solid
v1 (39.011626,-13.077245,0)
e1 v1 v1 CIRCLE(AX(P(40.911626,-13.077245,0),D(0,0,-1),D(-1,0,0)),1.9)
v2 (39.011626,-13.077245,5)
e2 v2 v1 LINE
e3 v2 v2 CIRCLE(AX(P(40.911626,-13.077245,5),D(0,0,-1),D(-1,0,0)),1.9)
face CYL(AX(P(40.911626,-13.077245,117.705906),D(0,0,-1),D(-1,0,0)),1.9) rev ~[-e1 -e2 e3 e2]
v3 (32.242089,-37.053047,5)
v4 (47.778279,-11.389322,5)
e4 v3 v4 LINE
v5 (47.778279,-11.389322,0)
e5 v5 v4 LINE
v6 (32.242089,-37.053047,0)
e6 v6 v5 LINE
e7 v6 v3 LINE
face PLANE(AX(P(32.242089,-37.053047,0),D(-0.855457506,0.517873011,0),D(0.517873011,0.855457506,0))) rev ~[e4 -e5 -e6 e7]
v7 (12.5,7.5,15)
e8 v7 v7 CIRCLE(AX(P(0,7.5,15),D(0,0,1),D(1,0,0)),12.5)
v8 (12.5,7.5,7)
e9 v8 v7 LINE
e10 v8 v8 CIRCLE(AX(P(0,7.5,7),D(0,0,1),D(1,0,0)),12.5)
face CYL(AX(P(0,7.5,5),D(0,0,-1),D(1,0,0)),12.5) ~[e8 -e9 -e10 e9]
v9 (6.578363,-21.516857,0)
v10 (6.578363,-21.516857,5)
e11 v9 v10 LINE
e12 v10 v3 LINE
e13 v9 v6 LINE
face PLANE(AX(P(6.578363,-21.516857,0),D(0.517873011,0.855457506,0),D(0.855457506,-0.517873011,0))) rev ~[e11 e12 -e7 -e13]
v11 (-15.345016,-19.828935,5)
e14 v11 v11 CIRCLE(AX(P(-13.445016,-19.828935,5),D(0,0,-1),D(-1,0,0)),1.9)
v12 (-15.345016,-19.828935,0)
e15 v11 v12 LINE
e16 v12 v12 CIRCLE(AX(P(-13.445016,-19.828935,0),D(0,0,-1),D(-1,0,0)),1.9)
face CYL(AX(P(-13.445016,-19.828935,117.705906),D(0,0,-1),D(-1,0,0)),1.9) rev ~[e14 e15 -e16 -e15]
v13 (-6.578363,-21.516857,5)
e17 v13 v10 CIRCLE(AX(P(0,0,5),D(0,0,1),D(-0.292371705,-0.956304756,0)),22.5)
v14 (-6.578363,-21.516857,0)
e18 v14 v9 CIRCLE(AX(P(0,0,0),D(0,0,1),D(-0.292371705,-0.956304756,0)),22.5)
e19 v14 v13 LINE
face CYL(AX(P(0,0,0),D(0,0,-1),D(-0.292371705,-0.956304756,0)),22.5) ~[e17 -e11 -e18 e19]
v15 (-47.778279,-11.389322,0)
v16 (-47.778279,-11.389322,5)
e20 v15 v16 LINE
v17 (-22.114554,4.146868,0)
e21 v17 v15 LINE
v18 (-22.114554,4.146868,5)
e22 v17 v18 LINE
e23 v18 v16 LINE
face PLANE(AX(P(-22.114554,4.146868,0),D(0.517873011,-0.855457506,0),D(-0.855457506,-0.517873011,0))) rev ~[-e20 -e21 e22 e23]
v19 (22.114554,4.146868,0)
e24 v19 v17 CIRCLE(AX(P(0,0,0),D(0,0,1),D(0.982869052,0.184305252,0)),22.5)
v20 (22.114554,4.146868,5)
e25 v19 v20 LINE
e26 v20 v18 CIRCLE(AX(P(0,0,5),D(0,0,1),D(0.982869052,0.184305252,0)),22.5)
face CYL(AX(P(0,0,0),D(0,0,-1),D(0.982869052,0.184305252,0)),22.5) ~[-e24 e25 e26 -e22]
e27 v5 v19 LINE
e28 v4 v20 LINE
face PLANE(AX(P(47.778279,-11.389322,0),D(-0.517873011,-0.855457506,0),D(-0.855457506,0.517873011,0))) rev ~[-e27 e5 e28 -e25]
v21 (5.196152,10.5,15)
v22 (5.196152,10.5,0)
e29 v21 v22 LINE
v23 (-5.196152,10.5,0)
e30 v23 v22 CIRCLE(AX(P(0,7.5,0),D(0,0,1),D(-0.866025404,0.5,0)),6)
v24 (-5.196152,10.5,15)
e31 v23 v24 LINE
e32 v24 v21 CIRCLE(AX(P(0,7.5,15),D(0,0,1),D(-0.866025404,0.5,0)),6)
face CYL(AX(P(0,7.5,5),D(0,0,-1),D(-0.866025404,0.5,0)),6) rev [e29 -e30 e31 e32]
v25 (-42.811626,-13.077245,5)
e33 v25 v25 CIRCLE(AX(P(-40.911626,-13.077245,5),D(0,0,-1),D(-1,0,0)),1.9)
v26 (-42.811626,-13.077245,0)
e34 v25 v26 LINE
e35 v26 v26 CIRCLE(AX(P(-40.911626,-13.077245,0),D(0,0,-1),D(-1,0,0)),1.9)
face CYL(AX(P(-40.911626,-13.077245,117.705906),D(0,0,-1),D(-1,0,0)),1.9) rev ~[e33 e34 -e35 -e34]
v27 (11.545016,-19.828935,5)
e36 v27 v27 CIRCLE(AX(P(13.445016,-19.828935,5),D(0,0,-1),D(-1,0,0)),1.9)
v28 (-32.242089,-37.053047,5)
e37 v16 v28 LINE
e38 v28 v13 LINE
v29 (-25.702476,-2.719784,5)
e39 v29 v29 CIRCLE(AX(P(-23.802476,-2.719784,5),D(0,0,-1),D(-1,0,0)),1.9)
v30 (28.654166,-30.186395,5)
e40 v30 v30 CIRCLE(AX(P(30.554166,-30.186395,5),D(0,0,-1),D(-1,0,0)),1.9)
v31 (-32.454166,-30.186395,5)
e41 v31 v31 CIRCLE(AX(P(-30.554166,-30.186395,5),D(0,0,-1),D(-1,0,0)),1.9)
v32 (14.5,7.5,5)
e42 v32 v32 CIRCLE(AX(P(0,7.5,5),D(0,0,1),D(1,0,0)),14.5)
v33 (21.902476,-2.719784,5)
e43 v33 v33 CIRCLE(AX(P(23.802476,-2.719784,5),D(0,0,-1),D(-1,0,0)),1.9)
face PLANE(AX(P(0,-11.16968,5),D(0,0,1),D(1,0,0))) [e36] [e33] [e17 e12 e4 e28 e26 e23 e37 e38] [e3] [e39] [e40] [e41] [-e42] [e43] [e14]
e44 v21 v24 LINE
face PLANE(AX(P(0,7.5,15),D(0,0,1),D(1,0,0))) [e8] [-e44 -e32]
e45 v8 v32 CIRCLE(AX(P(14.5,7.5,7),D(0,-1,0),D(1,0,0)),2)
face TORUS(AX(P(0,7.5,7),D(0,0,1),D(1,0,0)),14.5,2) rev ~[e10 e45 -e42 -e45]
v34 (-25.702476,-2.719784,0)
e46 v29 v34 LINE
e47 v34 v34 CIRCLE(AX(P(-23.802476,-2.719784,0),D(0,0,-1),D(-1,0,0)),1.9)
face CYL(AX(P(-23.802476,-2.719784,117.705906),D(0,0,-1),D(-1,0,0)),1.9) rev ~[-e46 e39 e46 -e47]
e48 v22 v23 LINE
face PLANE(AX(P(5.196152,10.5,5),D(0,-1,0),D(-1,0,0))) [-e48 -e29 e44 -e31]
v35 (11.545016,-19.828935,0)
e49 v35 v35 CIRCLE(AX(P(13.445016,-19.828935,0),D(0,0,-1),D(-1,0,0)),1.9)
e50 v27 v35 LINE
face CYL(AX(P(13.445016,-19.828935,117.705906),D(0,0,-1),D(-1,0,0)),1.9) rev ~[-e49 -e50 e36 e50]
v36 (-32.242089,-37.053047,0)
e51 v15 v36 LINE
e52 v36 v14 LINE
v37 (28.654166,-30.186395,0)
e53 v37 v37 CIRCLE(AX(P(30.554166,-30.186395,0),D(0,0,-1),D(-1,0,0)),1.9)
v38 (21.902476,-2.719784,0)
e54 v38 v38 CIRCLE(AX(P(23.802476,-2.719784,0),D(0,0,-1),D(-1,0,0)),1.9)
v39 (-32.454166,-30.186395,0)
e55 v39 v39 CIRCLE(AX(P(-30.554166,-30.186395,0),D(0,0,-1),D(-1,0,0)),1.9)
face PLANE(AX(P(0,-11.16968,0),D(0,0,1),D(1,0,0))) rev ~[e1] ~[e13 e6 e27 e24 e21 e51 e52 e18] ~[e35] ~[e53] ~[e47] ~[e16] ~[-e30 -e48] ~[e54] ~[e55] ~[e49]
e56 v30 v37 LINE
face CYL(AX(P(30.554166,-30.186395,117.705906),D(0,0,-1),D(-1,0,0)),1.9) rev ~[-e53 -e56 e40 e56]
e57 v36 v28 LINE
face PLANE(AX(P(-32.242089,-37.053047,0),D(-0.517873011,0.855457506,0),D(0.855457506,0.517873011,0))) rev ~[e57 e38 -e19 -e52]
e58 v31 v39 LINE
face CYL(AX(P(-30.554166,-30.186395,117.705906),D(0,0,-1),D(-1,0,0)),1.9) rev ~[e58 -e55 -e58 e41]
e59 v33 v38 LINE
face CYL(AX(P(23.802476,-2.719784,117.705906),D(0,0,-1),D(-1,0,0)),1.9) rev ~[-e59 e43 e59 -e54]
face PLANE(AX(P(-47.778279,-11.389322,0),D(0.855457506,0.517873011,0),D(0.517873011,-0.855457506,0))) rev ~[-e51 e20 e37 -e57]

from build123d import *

# Parameters (mm, degrees)
BOSS_EXTRUDE1_DEPTH  = 5
M3_CLEARANCE_HOLE1_D = 3.8
BOSS_EXTRUDE3_START  = 5
SKETCH2_6_R          = 12.5
BOSS_EXTRUDE3_DEPTH  = 10
FILLET1_R            = 2


with BuildPart() as part:
    # Sketch2 → Boss-Extrude1 (new body)
    with BuildSketch(Plane.XY):
        with BuildLine():
            Line((6.578363356, -21.516857009), (32.24208854, -37.05304733))
            Line((32.24208854, -37.05304733), (47.778278861, -11.389322146))
            Line((47.778278861, -11.389322146), (22.114553677, 4.146868175))
            ThreePointArc((22.114553677, 4.146868175), (0, 22.5), (-22.114553677, 4.146868175))
            Line((-22.114553677, 4.146868175), (-47.778278861, -11.389322146))
            Line((-47.778278861, -11.389322146), (-32.24208854, -37.05304733))
            Line((-32.24208854, -37.05304733), (-6.578363356, -21.516857009))
            ThreePointArc((-6.578363356, -21.516857009), (0, -22.5), (6.578363356, -21.516857009))
        make_face()
        with BuildLine():
            Line((5.196152423, 10.5), (-5.196152423, 10.5))
            ThreePointArc((-5.196152423, 10.5), (0, 1.5), (5.196152423, 10.5))
        make_face(mode=Mode.SUBTRACT)
    extrude(amount=BOSS_EXTRUDE1_DEPTH)

    # M3 Clearance Hole1 (through all)
    with Locations(Plane.XY.offset(5)):
        with Locations((-40.911626277, -13.077244623), (-23.802476154, -2.719784409), (-13.44501594, -19.828934532), (-30.554166063, -30.186394746), (13.44501594, -19.828934532), (23.802476154, -2.719784409), (40.911626277, -13.077244623), (30.554166063, -30.186394746)):
            Hole(M3_CLEARANCE_HOLE1_D / 2)

    # Sketch2<6> → Boss-Extrude3 (add)
    with BuildSketch(Plane.XY.offset(BOSS_EXTRUDE3_START)):
        with Locations((0, 7.5)):
            Circle(SKETCH2_6_R)
        with BuildLine():
            ThreePointArc((-5.196152423, 10.5), (0, 1.5), (5.196152423, 10.5))
            Line((5.196152423, 10.5), (-5.196152423, 10.5))
        make_face(mode=Mode.SUBTRACT)
    extrude(amount=BOSS_EXTRUDE3_DEPTH)

    # Fillet1
    fillet1_edges = [part.edges().sort_by_distance(p)[0] for p in [
        (-12.5, 7.5, 5),
    ]]
    fillet(fillet1_edges, radius=FILLET1_R)


solid = part.part
